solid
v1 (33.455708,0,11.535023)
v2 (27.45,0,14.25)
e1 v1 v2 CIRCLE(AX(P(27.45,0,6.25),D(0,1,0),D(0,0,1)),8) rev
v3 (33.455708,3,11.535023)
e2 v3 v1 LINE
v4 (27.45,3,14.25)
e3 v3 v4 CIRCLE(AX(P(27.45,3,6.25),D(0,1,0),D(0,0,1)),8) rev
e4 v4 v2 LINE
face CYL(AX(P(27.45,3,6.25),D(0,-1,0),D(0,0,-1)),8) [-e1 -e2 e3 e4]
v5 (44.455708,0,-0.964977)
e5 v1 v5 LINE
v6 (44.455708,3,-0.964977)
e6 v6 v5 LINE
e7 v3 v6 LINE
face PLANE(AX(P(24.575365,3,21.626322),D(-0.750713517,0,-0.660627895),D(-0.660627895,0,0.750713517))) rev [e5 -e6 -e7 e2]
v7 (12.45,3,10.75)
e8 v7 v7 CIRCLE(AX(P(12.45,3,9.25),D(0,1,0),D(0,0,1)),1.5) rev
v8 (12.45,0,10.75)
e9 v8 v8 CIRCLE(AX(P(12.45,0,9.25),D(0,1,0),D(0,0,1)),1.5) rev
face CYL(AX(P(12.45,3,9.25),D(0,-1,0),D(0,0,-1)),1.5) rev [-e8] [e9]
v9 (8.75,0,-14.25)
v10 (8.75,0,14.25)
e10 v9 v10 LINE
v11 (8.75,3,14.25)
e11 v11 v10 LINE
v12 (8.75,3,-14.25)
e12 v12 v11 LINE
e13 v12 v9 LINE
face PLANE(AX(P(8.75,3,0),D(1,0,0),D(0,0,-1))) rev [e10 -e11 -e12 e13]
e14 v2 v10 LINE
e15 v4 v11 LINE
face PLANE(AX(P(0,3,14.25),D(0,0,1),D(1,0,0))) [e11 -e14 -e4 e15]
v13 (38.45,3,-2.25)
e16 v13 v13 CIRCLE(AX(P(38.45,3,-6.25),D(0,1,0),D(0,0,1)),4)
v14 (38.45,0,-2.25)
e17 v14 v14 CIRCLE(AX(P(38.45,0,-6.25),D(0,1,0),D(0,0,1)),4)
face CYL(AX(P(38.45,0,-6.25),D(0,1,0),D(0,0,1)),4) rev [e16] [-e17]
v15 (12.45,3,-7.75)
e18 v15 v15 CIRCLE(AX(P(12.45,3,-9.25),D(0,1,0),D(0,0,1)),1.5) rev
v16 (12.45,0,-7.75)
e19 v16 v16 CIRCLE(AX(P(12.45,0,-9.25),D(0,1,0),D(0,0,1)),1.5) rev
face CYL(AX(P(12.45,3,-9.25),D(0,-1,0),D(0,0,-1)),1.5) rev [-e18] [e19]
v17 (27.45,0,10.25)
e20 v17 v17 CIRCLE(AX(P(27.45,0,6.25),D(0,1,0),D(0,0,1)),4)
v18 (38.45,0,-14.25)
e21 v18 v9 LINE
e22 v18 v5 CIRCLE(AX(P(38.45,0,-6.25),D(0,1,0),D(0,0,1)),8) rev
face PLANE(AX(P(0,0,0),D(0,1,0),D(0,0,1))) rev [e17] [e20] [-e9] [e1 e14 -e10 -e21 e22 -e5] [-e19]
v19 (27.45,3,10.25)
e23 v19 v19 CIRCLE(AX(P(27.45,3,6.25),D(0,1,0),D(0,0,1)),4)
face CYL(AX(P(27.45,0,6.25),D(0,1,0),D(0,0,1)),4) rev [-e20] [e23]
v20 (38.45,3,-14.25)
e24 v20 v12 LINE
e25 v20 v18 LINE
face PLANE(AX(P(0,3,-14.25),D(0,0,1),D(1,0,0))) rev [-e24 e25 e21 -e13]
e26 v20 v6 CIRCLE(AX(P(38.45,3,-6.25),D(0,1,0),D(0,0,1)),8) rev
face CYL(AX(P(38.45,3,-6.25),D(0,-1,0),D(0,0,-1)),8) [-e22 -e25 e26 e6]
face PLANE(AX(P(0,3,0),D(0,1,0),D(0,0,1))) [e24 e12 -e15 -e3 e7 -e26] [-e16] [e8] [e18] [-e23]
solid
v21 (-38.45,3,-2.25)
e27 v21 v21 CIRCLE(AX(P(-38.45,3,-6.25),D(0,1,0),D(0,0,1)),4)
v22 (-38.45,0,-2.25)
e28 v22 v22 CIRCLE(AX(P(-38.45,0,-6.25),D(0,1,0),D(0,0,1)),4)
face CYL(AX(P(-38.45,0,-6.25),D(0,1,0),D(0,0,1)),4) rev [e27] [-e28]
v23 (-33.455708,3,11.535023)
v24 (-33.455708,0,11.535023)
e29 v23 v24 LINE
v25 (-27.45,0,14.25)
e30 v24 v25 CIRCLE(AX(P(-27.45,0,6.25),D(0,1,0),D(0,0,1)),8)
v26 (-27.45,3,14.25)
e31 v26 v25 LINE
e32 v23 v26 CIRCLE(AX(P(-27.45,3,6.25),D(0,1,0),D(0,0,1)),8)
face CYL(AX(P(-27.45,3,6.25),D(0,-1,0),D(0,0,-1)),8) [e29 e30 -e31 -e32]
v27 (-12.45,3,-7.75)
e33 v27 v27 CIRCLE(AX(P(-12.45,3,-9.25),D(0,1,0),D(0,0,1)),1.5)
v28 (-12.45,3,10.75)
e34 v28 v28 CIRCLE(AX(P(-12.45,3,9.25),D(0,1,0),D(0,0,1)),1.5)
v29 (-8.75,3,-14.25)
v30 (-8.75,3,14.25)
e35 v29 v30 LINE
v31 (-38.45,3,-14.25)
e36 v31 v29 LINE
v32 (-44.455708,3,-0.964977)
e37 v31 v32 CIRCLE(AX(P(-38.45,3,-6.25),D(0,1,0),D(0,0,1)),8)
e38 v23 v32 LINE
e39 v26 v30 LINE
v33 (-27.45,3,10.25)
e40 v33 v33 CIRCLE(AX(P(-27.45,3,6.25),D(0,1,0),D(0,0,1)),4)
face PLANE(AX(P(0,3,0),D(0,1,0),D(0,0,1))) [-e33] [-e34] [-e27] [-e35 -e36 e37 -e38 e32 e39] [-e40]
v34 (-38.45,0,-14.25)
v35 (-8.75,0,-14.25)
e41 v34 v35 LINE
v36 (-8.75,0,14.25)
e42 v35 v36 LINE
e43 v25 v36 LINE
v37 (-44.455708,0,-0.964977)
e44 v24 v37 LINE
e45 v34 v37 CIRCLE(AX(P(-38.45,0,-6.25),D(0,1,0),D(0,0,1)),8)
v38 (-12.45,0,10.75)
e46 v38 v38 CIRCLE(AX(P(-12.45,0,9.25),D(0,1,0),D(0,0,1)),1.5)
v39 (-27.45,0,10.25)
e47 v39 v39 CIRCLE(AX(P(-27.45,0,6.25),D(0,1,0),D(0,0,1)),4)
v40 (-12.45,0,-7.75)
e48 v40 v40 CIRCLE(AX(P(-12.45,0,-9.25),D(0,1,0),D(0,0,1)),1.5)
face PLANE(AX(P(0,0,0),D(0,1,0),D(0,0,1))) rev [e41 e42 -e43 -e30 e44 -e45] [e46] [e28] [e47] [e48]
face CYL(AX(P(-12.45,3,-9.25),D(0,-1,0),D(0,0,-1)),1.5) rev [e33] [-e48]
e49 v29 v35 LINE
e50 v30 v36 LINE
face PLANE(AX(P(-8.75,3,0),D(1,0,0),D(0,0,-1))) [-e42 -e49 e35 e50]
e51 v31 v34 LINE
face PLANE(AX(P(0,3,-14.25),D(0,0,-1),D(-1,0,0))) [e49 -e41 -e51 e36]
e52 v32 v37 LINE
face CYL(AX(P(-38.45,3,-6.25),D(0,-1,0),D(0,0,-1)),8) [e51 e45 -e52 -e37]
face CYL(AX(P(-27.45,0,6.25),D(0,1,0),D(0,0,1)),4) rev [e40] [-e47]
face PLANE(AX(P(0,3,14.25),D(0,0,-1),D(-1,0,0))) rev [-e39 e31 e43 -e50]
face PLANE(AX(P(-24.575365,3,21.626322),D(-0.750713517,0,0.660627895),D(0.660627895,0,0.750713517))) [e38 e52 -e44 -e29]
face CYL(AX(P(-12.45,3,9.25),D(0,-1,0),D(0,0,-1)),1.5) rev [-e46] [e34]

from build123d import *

# Parameters (mm, degrees)
SKETCH1_R             = 1.5
SKETCH1_R_2           = 4.5
BOSS_EXTRUDE1_DEPTH   = 3
BOSS_EXTRUDE1_2_DEPTH = 3
BOSS_EXTRUDE2_START   = -3
SKETCH3_R             = 4.5
SKETCH3_R_2           = 4
BOSS_EXTRUDE2_DEPTH   = 3


with BuildPart() as part:
    # Sketch1 → Boss-Extrude1 (new body)
    with BuildSketch(Plane(origin=(0, 0, 0), x_dir=(1, 0, 0), z_dir=(0, 1, 0))):
        with BuildLine():
            Line((-27.45, -14.25), (-8.75, -14.25))
            Line((-8.75, -14.25), (-8.75, 14.25))
            Line((-8.75, 14.25), (-38.45, 14.25))
            ThreePointArc((-38.45, 14.25), (-45.739725141, 9.545437355), (-44.455708135, 0.964976841))
            Line((-44.455708135, 0.964976841), (-33.455708135, -11.535023159))
            ThreePointArc((-33.455708135, -11.535023159), (-30.745437355, -13.539725141), (-27.45, -14.25))
        make_face()
        with Locations(Location((-12.45, 9.25, 0), (0, 0, 270))):
            Circle(SKETCH1_R, mode=Mode.SUBTRACT)
        with Locations(Location((-12.45, -9.25, 0), (0, 0, 270))):
            Circle(SKETCH1_R, mode=Mode.SUBTRACT)
        with Locations(Location((-38.45, 6.25, 0), (0, 0, 270))):
            Circle(SKETCH1_R_2, mode=Mode.SUBTRACT)
        with Locations(Location((-27.45, -6.25, 0), (0, 0, 270))):
            Circle(SKETCH1_R_2, mode=Mode.SUBTRACT)
    extrude(amount=BOSS_EXTRUDE1_DEPTH)



with BuildPart() as body_2:
    # Sketch1 → Boss-Extrude1 2 (new body)
    with BuildSketch(Plane(origin=(0, 0, 0), x_dir=(1, 0, 0), z_dir=(0, 1, 0))):
        with BuildLine():
            Line((8.75, 14.25), (8.75, -14.25))
            Line((8.75, -14.25), (27.45, -14.25))
            ThreePointArc((27.45, -14.25), (30.745437355, -13.539725141), (33.455708135, -11.535023159))
            Line((33.455708135, -11.535023159), (44.455708135, 0.964976841))
            ThreePointArc((44.455708135, 0.964976841), (45.739725141, 9.545437355), (38.45, 14.25))
            Line((38.45, 14.25), (8.75, 14.25))
        make_face()
        with Locations(Location((27.45, -6.25, 0), (0, 0, 270))):
            Circle(SKETCH1_R_2, mode=Mode.SUBTRACT)
        with Locations(Location((38.45, 6.25, 0), (0, 0, 270))):
            Circle(SKETCH1_R_2, mode=Mode.SUBTRACT)
        with Locations(Location((12.45, -9.25, 0), (0, 0, 270))):
            Circle(SKETCH1_R, mode=Mode.SUBTRACT)
        with Locations(Location((12.45, 9.25, 0), (0, 0, 270))):
            Circle(SKETCH1_R, mode=Mode.SUBTRACT)
    extrude(amount=BOSS_EXTRUDE1_2_DEPTH)


with BuildPart() as part_1:
    add(part.part)

    add(body_2.part)  # Boss-Extrude2 merges body 2
    # Sketch3 → Boss-Extrude2 (add)
    # profile 1 of 4: a face of its own
    with BuildSketch(Plane(origin=(0, 3, 0), x_dir=(1, 0, 0), z_dir=(0, 1, 0)).offset(BOSS_EXTRUDE2_START)):
        with Locations((-38.45, 6.25)):
            Circle(SKETCH3_R)
        with Locations(Location((-38.45, 6.25, 0), (0, 0, 270))):
            Circle(SKETCH3_R_2, mode=Mode.SUBTRACT)
    # profile 2 of 4: a face of its own
    with BuildSketch(Plane(origin=(0, 3, 0), x_dir=(1, 0, 0), z_dir=(0, 1, 0)).offset(BOSS_EXTRUDE2_START)):
        with Locations((-27.45, -6.25)):
            Circle(SKETCH3_R)
        with Locations(Location((-27.45, -6.25, 0), (0, 0, 270))):
            Circle(SKETCH3_R_2, mode=Mode.SUBTRACT)
    # profile 3 of 4: a face of its own
    with BuildSketch(Plane(origin=(0, 3, 0), x_dir=(1, 0, 0), z_dir=(0, 1, 0)).offset(BOSS_EXTRUDE2_START)):
        with Locations((38.45, 6.25)):
            Circle(SKETCH3_R)
        with Locations(Location((38.45, 6.25, 0), (0, 0, 270))):
            Circle(SKETCH3_R_2, mode=Mode.SUBTRACT)
    # profile 4 of 4: a face of its own
    with BuildSketch(Plane(origin=(0, 3, 0), x_dir=(1, 0, 0), z_dir=(0, 1, 0)).offset(BOSS_EXTRUDE2_START)):
        with Locations((27.45, -6.25)):
            Circle(SKETCH3_R)
        with Locations(Location((27.45, -6.25, 0), (0, 0, 270))):
            Circle(SKETCH3_R_2, mode=Mode.SUBTRACT)
    extrude(amount=BOSS_EXTRUDE2_DEPTH)


solid = part_1.part
